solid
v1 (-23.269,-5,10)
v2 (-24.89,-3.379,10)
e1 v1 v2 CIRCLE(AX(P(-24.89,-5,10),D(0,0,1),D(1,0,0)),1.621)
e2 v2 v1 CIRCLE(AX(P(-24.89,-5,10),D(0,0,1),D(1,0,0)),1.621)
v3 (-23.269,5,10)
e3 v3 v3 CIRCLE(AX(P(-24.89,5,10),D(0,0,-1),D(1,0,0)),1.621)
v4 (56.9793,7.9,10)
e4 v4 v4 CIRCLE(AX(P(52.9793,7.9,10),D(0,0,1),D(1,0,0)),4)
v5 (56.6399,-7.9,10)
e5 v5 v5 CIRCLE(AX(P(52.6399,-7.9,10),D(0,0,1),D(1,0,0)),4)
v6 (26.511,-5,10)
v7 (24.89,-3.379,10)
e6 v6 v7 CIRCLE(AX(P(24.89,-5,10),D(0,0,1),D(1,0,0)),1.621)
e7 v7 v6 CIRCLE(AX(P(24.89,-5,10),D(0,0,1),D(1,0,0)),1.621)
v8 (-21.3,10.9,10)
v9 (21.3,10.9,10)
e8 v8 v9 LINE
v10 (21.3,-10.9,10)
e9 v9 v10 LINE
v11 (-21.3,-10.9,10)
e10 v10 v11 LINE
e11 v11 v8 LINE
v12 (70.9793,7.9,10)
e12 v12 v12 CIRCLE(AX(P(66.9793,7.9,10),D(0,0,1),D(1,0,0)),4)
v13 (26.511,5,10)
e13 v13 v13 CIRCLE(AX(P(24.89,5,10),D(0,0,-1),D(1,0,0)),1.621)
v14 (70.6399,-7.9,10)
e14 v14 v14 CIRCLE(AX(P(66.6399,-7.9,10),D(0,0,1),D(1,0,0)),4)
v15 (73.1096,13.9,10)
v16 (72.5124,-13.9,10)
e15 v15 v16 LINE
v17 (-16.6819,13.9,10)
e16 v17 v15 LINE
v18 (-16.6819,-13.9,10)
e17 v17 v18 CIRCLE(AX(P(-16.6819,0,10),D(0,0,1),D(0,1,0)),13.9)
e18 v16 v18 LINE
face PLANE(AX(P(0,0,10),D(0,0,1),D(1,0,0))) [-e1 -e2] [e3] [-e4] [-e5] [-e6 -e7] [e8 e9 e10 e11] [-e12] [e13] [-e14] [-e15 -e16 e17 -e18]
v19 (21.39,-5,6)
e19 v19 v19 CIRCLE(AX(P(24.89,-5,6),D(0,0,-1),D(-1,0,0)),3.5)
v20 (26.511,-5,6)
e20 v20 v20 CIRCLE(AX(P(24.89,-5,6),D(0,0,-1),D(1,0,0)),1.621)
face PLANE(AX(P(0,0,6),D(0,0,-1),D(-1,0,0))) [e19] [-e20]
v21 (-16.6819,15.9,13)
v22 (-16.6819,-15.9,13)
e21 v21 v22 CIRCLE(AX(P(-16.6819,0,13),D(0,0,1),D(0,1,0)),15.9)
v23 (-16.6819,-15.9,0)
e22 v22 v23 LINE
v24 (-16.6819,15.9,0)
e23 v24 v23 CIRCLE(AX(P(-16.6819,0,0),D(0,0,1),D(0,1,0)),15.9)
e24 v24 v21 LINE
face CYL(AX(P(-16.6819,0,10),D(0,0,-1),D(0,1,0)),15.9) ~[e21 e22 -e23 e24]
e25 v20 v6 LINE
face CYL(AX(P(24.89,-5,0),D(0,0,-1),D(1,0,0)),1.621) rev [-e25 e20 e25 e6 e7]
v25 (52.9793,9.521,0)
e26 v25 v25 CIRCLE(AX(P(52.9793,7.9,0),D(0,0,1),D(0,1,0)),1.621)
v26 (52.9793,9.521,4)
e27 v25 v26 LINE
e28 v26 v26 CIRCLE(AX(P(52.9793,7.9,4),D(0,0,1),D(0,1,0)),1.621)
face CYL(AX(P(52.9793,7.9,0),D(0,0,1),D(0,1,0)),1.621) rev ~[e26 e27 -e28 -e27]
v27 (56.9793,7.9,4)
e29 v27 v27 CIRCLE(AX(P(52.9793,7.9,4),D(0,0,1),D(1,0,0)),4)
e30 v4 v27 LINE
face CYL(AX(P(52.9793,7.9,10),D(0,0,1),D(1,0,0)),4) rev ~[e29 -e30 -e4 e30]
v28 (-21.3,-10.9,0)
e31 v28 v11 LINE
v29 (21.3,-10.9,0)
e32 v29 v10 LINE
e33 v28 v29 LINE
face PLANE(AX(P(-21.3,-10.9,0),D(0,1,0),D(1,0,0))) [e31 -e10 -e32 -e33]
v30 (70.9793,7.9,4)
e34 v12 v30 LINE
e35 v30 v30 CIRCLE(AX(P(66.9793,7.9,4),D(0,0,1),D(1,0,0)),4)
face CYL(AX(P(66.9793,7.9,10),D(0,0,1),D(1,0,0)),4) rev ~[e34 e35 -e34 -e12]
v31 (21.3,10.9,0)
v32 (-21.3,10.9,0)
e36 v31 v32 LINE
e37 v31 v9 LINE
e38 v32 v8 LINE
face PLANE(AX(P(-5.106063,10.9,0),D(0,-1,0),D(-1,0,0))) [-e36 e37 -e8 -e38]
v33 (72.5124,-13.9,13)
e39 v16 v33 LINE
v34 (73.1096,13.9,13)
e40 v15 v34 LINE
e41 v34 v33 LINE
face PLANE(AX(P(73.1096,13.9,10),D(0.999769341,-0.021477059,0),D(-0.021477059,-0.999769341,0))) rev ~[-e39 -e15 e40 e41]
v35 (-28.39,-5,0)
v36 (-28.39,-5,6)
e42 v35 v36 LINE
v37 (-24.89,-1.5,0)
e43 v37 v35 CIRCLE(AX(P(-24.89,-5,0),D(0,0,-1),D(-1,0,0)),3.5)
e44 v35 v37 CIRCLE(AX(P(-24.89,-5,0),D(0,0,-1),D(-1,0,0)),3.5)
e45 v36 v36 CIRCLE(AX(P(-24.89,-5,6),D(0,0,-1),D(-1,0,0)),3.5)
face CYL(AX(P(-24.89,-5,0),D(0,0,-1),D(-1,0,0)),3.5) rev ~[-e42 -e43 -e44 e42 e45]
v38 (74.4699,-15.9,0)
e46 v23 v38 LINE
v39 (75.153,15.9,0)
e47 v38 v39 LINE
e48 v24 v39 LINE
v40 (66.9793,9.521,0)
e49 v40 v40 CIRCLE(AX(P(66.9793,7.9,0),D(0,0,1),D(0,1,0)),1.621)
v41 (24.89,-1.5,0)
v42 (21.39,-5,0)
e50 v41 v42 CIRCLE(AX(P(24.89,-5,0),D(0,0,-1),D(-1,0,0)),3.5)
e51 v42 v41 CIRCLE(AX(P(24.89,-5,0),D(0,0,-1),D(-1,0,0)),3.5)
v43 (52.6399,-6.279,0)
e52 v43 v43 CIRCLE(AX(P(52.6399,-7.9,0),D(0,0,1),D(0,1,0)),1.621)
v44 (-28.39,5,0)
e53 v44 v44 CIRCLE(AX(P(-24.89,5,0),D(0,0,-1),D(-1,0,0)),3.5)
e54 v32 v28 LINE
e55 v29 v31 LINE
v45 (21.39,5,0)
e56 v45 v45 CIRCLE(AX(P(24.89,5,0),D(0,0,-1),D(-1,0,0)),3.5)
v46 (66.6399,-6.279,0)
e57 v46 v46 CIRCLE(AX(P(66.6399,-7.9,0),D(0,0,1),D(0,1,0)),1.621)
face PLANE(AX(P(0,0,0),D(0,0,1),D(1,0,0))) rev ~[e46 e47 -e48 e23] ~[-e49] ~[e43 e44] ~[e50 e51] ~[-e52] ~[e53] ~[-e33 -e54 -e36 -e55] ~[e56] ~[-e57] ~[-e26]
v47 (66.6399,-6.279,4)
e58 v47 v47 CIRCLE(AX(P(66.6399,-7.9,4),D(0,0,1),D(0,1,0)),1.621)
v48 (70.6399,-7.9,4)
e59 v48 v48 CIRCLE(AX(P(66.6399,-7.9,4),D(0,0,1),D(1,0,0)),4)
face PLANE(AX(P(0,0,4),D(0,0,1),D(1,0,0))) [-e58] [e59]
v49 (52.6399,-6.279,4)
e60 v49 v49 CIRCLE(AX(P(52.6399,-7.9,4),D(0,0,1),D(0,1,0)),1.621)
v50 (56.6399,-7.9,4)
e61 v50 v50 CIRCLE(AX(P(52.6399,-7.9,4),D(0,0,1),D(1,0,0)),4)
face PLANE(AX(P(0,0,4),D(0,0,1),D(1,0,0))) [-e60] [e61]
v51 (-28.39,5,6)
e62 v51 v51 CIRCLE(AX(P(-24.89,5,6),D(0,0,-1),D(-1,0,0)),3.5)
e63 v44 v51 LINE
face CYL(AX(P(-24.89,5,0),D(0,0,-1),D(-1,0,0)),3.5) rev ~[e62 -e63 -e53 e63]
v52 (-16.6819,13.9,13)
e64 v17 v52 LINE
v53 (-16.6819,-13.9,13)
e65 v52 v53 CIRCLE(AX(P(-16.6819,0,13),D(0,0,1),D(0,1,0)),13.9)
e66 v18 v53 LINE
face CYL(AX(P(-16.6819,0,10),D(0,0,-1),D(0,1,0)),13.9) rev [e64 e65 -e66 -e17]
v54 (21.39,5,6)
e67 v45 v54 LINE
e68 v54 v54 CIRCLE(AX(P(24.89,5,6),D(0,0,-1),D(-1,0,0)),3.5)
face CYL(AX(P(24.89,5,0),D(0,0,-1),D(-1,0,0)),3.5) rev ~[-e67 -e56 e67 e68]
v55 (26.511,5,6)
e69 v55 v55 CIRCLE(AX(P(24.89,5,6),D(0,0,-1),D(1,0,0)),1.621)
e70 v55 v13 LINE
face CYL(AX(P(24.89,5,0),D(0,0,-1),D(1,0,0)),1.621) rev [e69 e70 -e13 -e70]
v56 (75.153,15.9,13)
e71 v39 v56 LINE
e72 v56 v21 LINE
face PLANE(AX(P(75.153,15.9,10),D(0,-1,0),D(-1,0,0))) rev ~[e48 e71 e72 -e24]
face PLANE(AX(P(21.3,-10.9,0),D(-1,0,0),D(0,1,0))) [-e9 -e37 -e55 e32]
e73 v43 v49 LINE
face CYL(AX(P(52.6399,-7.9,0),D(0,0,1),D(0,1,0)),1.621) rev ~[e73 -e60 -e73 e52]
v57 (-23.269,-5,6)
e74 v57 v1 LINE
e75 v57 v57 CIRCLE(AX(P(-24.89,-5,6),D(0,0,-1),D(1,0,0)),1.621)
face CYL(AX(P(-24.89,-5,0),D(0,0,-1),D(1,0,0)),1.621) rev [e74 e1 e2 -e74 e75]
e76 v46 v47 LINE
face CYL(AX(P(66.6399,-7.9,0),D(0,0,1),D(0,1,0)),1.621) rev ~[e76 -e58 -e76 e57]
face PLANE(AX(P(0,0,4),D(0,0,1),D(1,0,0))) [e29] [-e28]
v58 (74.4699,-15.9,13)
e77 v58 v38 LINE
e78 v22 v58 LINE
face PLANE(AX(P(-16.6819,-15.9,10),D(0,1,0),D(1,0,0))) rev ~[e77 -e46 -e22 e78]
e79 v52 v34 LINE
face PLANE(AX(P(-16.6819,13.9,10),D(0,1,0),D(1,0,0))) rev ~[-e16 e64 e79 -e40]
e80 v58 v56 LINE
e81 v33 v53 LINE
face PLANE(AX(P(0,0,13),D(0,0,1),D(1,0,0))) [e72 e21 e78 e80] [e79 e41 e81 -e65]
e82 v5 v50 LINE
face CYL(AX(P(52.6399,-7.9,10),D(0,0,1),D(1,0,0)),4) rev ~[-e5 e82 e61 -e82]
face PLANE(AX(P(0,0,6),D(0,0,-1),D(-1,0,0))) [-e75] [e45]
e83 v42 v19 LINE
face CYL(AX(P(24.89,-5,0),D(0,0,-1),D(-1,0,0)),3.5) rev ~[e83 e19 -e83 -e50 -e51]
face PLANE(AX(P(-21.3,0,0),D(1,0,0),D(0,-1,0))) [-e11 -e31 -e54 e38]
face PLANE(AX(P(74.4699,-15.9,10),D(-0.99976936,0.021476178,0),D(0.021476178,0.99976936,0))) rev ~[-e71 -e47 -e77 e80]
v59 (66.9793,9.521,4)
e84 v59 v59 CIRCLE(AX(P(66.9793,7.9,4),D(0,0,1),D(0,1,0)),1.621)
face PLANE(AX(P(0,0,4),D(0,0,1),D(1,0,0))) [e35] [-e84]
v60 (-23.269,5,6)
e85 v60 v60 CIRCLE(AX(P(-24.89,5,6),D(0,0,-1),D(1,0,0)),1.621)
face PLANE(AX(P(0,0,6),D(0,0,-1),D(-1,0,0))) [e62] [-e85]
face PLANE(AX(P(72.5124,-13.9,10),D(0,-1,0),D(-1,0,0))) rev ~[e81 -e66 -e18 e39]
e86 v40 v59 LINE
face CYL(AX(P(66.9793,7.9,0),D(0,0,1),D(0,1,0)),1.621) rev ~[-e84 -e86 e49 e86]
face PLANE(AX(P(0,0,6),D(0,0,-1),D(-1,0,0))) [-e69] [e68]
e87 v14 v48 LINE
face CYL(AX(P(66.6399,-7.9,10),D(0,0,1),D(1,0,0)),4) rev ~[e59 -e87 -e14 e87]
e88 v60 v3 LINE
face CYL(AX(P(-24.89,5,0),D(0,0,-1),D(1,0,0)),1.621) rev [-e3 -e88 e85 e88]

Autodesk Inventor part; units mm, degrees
ref_plane "YZ Plane" through (0, 0, 0) normal (1, 0, 0) x (0, 1, 0)
ref_plane "XZ Plane" through (0, 0, 0) normal (0, 1, 0) x (-1, 0, 0)
ref_plane "XY Plane" through (0, 0, 0) normal (0, 0, 1) x (1, 0, 0)
sketch "Szkic1" plane through (0, 0, 0) normal (0, 0, 1) x (1, 0, 0)
  line L0 (20.3, -9.9) -> (-20.3, -9.9)
  line L1 (-20.3, -9.9) -> (-20.3, 9.9)
  line L2 (-20.3, 9.9) -> (20.3, 9.9)
  line L3 (20.3, 9.9) -> (20.3, -9.9)
  line L4 (20.3, -9.9) -> (-20.3, 9.9) construction
  line L5 (-20.3, -9.9) -> (20.3, 9.9) construction
  line L6 (21.3, 10.9) -> (-21.3, 10.9)
  line L7 (-21.3, 10.9) -> (-21.3, -10.9)
  line L8 (-21.3, -10.9) -> (21.3, -10.9)
  line L9 (21.3, -10.9) -> (21.3, 10.9)
  line L10 (0, 0) -> (24.89, 0)
  line L11 (24.89, 0) -> (24.89, 5)
  line L12 (24.89, 5) -> (24.89, -5)
  line L13 (0, 0) -> (-24.89, 0)
  line L14 (-24.89, 5) -> (-24.89, 0)
  line L15 (-24.89, 0) -> (-24.89, -5)
  circle A0 centre (-24.89, 5) radius 1.621
  circle A1 centre (-24.89, -5) radius 1.621
  circle A2 centre (24.89, -5) radius 1.621
  circle A3 centre (24.89, 5) radius 1.621
  line L16 (-26.511, 5) -> (-31.511, 5)
  line L17 (26.511, 5) -> (31.511, 5)
  line L18 (0, 10.9) -> (0, 15.9)
  line L19 (0, 15.9) -> (-16.6819, 15.9)
  line L20 (0, -10.9) -> (0, -15.9)
  line L21 (0, -15.9) -> (-16.6819, -15.9)
  line L22 (-31.511, -5.7364) -> (-31.511, 5.7364)
  line L23 (0, 15.9) -> (31.511, 15.9)
  line L24 (31.511, 15.9) -> (31.511, -15.9)
  line L25 (0, -15.9) -> (31.511, -15.9)
  circle A4 centre (-16.6819, 0) radius 15.9
  arc A5 (-32.5353, -15.867) -> (-31.511, -15.9) centre (-31.511, 0) ccw
  line L26 (31.511, -15.9) -> (74.4699, -15.9)
  line L27 (74.4699, -15.9) -> (75.153, 15.9)
  line L28 (75.153, 15.9) -> (31.511, 15.9)
  point P0 (15.7555, -15.9)
  point P1 (29.1703, -29.1056)
  dimension "d10" = 3.242
  dimension "d13" = 3.242
  dimension "d0" = 40.6
  dimension "d1" = 19.8
  dimension "d2" = 1
  dimension "d3" = 42.6
  dimension "d4" = 24.89
  dimension "d5" = 5
  dimension "d6" = 10
  dimension "d7" = 24.89
  dimension "d8" = 5
  dimension "d9" = 5
  dimension "d11" = 3.242
  dimension "d12" = 3.242
  dimension "d14" = 5
  dimension "d15" = 5
  dimension "d16" = 5
  dimension "d17" = 5
  dimension "d18" = 6.621
  dimension "d19" = 63.022
  dimension "d20" = 10.9
  dimension "d21" = 0
extrude "Wyciągnięcie proste1" add sketch "Szkic1" along normal blind 10 contours A4 L22 L16 A0 L14 L13 L7 L8 | L8 L20 L21 A4 | L10 L11 A3 L17 L24 L25 L20 L8 L9 | L9 L6 L18 L23 L24 L17 A3 L11 L10 | L13 L14 A0 L16 L22 A4 L6 L7 | A4 L22 | A4 L19 L18 L6 | L24 L28 L27 L26
sketch "Szkic16" plane through (0, 0, 10) normal (0, 0, 1) x (1, 0, 0)
  line L0 (75.153, 15.9) -> (-16.6819, 15.9) projected
  arc A0 (-16.6819, 15.9) -> (-16.6819, -15.9) centre (-16.6819, 0) ccw projected
  line L1 (-16.6819, -15.9) -> (74.4699, -15.9) projected
  line L2 (74.4699, -15.9) -> (75.153, 15.9) projected
  circle A1 centre (24.89, 5) radius 1.621 projected
  circle A2 centre (24.89, -5) radius 1.621 projected
  line L3 (21.3, 10.9) -> (21.3, -10.9) projected
  line L4 (21.3, -10.9) -> (-21.3, -10.9) projected
  line L5 (-21.3, -10.9) -> (-21.3, 10.9) projected
  line L6 (-21.3, 10.9) -> (21.3, 10.9) projected
  circle A3 centre (-24.89, -5) radius 1.621 projected
  circle A4 centre (-24.89, 5) radius 1.621 projected
  line L7 (-16.6819, 13.9) -> (73.1096, 13.9)
  line L8 (73.1096, 13.9) -> (72.5124, -13.9)
  line L9 (72.5124, -13.9) -> (-16.6819, -13.9)
  arc A5 (-16.6819, 13.9) -> (-16.6819, -13.9) centre (-16.6819, 0) ccw
  point P0 (0, 0)
  dimension "d89" = 2
extrude "Wyciągnięcie proste9" add sketch "Szkic16" along normal blind 3 contours L2 L1 A0 L0
sketch "Szkic18" plane through (0, 0, 0) normal (0, 0, -1) x (-1, 0, 0)
  line L0 (-75.153, 15.9) -> (16.6819, 15.9) projected
  line L1 (16.6819, -15.9) -> (-74.4699, -15.9) projected
  line L2 (-74.4699, -15.9) -> (-75.153, 15.9) projected
  point P0 (0, 0)
  point P1 (-66.9793, 7.9)
  point P2 (-66.6399, -7.9)
  point P3 (-52.9793, 7.9)
  point P4 (-52.6399, -7.9)
  dimension "d94" = 8
  dimension "d95" = 8
  dimension "d105" = 8
  dimension "d106" = 8
  dimension "d107" = 14
  dimension "d108" = 14
  dimension "d109" = 8
  dimension "d110" = 8
hole "Otwór3" at (66.9793, 7.9, 0) at (66.6399, -7.9, 0) at (52.9793, 7.9, 0) at (52.6399, -7.9, 0) direction (0, 0, 1) diameter 3.242 end through all thread size "M4x0.7" designation "M4" class "6H" standard "GB Metric profile"
sketch "Szkic19" plane through (0, 0, 10) normal (0, 0, 1) x (1, 0, 0)
  circle A0 centre (52.9793, 7.9) radius 1.621 projected
  circle A1 centre (66.9793, 7.9) radius 1.621 projected
  circle A2 centre (52.6399, -7.9) radius 1.621 projected
  circle A3 centre (52.9793, 7.9) radius 1.621 projected
  circle A4 centre (66.6399, -7.9) radius 1.621 projected
  circle A5 centre (66.9793, 7.9) radius 1.621 projected
  arc A6 (-16.6819, 13.9) -> (-16.6819, -13.9) centre (-16.6819, 0) ccw projected
  line L0 (-16.6819, -13.9) -> (72.5124, -13.9) projected
  line L1 (72.5124, -13.9) -> (73.1096, 13.9) projected
  line L2 (73.1096, 13.9) -> (-16.6819, 13.9) projected
  circle A7 centre (24.89, 5) radius 1.621 projected
  circle A8 centre (24.89, -5) radius 1.621 projected
  line L3 (21.3, 10.9) -> (21.3, -10.9) projected
  line L4 (21.3, -10.9) -> (-21.3, -10.9) projected
  line L5 (-21.3, -10.9) -> (-21.3, 10.9) projected
  line L6 (-21.3, 10.9) -> (21.3, 10.9) projected
  circle A9 centre (-24.89, -5) radius 1.621 projected
  circle A10 centre (-24.89, 5) radius 1.621 projected
  circle A11 centre (52.9793, 7.9) radius 4
  circle A12 centre (52.6399, -7.9) radius 4
  circle A13 centre (66.6399, -7.9) radius 4
  circle A14 centre (66.9793, 7.9) radius 4
  point P0 (0, 0)
  dimension "d111" = 8
  dimension "d112" = 8
  dimension "d113" = 8
  dimension "d114" = 8
extrude "Wyciągnięcie proste10" cut sketch "Szkic19" against normal blind 6 contours A2 | A11 | A12 | A13 | A14
sketch "Szkic20" plane through (0, 0, 0) normal (0, 0, -1) x (-1, 0, 0)
  circle A0 centre (-52.6399, -7.9) radius 1.621 projected
  circle A1 centre (-52.9793, 7.9) radius 1.621 projected
  circle A2 centre (-66.6399, -7.9) radius 1.621 projected
  circle A3 centre (-66.9793, 7.9) radius 1.621 projected
  line L0 (-75.153, 15.9) -> (16.6819, 15.9) projected
  line L1 (-74.4699, -15.9) -> (-75.153, 15.9) projected
  line L2 (16.6819, -15.9) -> (-74.4699, -15.9) projected
  arc A4 (16.6819, -15.9) -> (16.6819, 15.9) centre (16.6819, 0) ccw projected
  circle A5 centre (-24.89, 5) radius 1.621 projected
  circle A6 centre (-24.89, -5) radius 1.621 projected
  line L3 (-21.3, 10.9) -> (-21.3, -10.9) projected
  line L4 (21.3, 10.9) -> (-21.3, 10.9) projected
  line L5 (21.3, -10.9) -> (21.3, 10.9) projected
  line L6 (-21.3, -10.9) -> (21.3, -10.9) projected
  circle A7 centre (24.89, -5) radius 1.621 projected
  circle A8 centre (24.89, 5) radius 1.621 projected
  circle A9 centre (24.89, -5) radius 3.5
  circle A10 centre (24.89, 5) radius 3.5
  circle A11 centre (-24.89, -5) radius 3.5
  circle A12 centre (-24.89, 5) radius 3.5
  point P0 (0, 0)
  dimension "d117" = 7
  dimension "d118" = 7
  dimension "d119" = 7
  dimension "d120" = 7
extrude "Wyciągnięcie proste11" cut sketch "Szkic20" against normal blind 6 contours A5 | A6 | A7 | A8 | A9 | A10 | A11 | A12
equation "\"d13\" = d10"
equation "\"d11\" = d10"
equation "\"d12\" = d10"
properties part number "Ramie3_Drukowanie 3D"
